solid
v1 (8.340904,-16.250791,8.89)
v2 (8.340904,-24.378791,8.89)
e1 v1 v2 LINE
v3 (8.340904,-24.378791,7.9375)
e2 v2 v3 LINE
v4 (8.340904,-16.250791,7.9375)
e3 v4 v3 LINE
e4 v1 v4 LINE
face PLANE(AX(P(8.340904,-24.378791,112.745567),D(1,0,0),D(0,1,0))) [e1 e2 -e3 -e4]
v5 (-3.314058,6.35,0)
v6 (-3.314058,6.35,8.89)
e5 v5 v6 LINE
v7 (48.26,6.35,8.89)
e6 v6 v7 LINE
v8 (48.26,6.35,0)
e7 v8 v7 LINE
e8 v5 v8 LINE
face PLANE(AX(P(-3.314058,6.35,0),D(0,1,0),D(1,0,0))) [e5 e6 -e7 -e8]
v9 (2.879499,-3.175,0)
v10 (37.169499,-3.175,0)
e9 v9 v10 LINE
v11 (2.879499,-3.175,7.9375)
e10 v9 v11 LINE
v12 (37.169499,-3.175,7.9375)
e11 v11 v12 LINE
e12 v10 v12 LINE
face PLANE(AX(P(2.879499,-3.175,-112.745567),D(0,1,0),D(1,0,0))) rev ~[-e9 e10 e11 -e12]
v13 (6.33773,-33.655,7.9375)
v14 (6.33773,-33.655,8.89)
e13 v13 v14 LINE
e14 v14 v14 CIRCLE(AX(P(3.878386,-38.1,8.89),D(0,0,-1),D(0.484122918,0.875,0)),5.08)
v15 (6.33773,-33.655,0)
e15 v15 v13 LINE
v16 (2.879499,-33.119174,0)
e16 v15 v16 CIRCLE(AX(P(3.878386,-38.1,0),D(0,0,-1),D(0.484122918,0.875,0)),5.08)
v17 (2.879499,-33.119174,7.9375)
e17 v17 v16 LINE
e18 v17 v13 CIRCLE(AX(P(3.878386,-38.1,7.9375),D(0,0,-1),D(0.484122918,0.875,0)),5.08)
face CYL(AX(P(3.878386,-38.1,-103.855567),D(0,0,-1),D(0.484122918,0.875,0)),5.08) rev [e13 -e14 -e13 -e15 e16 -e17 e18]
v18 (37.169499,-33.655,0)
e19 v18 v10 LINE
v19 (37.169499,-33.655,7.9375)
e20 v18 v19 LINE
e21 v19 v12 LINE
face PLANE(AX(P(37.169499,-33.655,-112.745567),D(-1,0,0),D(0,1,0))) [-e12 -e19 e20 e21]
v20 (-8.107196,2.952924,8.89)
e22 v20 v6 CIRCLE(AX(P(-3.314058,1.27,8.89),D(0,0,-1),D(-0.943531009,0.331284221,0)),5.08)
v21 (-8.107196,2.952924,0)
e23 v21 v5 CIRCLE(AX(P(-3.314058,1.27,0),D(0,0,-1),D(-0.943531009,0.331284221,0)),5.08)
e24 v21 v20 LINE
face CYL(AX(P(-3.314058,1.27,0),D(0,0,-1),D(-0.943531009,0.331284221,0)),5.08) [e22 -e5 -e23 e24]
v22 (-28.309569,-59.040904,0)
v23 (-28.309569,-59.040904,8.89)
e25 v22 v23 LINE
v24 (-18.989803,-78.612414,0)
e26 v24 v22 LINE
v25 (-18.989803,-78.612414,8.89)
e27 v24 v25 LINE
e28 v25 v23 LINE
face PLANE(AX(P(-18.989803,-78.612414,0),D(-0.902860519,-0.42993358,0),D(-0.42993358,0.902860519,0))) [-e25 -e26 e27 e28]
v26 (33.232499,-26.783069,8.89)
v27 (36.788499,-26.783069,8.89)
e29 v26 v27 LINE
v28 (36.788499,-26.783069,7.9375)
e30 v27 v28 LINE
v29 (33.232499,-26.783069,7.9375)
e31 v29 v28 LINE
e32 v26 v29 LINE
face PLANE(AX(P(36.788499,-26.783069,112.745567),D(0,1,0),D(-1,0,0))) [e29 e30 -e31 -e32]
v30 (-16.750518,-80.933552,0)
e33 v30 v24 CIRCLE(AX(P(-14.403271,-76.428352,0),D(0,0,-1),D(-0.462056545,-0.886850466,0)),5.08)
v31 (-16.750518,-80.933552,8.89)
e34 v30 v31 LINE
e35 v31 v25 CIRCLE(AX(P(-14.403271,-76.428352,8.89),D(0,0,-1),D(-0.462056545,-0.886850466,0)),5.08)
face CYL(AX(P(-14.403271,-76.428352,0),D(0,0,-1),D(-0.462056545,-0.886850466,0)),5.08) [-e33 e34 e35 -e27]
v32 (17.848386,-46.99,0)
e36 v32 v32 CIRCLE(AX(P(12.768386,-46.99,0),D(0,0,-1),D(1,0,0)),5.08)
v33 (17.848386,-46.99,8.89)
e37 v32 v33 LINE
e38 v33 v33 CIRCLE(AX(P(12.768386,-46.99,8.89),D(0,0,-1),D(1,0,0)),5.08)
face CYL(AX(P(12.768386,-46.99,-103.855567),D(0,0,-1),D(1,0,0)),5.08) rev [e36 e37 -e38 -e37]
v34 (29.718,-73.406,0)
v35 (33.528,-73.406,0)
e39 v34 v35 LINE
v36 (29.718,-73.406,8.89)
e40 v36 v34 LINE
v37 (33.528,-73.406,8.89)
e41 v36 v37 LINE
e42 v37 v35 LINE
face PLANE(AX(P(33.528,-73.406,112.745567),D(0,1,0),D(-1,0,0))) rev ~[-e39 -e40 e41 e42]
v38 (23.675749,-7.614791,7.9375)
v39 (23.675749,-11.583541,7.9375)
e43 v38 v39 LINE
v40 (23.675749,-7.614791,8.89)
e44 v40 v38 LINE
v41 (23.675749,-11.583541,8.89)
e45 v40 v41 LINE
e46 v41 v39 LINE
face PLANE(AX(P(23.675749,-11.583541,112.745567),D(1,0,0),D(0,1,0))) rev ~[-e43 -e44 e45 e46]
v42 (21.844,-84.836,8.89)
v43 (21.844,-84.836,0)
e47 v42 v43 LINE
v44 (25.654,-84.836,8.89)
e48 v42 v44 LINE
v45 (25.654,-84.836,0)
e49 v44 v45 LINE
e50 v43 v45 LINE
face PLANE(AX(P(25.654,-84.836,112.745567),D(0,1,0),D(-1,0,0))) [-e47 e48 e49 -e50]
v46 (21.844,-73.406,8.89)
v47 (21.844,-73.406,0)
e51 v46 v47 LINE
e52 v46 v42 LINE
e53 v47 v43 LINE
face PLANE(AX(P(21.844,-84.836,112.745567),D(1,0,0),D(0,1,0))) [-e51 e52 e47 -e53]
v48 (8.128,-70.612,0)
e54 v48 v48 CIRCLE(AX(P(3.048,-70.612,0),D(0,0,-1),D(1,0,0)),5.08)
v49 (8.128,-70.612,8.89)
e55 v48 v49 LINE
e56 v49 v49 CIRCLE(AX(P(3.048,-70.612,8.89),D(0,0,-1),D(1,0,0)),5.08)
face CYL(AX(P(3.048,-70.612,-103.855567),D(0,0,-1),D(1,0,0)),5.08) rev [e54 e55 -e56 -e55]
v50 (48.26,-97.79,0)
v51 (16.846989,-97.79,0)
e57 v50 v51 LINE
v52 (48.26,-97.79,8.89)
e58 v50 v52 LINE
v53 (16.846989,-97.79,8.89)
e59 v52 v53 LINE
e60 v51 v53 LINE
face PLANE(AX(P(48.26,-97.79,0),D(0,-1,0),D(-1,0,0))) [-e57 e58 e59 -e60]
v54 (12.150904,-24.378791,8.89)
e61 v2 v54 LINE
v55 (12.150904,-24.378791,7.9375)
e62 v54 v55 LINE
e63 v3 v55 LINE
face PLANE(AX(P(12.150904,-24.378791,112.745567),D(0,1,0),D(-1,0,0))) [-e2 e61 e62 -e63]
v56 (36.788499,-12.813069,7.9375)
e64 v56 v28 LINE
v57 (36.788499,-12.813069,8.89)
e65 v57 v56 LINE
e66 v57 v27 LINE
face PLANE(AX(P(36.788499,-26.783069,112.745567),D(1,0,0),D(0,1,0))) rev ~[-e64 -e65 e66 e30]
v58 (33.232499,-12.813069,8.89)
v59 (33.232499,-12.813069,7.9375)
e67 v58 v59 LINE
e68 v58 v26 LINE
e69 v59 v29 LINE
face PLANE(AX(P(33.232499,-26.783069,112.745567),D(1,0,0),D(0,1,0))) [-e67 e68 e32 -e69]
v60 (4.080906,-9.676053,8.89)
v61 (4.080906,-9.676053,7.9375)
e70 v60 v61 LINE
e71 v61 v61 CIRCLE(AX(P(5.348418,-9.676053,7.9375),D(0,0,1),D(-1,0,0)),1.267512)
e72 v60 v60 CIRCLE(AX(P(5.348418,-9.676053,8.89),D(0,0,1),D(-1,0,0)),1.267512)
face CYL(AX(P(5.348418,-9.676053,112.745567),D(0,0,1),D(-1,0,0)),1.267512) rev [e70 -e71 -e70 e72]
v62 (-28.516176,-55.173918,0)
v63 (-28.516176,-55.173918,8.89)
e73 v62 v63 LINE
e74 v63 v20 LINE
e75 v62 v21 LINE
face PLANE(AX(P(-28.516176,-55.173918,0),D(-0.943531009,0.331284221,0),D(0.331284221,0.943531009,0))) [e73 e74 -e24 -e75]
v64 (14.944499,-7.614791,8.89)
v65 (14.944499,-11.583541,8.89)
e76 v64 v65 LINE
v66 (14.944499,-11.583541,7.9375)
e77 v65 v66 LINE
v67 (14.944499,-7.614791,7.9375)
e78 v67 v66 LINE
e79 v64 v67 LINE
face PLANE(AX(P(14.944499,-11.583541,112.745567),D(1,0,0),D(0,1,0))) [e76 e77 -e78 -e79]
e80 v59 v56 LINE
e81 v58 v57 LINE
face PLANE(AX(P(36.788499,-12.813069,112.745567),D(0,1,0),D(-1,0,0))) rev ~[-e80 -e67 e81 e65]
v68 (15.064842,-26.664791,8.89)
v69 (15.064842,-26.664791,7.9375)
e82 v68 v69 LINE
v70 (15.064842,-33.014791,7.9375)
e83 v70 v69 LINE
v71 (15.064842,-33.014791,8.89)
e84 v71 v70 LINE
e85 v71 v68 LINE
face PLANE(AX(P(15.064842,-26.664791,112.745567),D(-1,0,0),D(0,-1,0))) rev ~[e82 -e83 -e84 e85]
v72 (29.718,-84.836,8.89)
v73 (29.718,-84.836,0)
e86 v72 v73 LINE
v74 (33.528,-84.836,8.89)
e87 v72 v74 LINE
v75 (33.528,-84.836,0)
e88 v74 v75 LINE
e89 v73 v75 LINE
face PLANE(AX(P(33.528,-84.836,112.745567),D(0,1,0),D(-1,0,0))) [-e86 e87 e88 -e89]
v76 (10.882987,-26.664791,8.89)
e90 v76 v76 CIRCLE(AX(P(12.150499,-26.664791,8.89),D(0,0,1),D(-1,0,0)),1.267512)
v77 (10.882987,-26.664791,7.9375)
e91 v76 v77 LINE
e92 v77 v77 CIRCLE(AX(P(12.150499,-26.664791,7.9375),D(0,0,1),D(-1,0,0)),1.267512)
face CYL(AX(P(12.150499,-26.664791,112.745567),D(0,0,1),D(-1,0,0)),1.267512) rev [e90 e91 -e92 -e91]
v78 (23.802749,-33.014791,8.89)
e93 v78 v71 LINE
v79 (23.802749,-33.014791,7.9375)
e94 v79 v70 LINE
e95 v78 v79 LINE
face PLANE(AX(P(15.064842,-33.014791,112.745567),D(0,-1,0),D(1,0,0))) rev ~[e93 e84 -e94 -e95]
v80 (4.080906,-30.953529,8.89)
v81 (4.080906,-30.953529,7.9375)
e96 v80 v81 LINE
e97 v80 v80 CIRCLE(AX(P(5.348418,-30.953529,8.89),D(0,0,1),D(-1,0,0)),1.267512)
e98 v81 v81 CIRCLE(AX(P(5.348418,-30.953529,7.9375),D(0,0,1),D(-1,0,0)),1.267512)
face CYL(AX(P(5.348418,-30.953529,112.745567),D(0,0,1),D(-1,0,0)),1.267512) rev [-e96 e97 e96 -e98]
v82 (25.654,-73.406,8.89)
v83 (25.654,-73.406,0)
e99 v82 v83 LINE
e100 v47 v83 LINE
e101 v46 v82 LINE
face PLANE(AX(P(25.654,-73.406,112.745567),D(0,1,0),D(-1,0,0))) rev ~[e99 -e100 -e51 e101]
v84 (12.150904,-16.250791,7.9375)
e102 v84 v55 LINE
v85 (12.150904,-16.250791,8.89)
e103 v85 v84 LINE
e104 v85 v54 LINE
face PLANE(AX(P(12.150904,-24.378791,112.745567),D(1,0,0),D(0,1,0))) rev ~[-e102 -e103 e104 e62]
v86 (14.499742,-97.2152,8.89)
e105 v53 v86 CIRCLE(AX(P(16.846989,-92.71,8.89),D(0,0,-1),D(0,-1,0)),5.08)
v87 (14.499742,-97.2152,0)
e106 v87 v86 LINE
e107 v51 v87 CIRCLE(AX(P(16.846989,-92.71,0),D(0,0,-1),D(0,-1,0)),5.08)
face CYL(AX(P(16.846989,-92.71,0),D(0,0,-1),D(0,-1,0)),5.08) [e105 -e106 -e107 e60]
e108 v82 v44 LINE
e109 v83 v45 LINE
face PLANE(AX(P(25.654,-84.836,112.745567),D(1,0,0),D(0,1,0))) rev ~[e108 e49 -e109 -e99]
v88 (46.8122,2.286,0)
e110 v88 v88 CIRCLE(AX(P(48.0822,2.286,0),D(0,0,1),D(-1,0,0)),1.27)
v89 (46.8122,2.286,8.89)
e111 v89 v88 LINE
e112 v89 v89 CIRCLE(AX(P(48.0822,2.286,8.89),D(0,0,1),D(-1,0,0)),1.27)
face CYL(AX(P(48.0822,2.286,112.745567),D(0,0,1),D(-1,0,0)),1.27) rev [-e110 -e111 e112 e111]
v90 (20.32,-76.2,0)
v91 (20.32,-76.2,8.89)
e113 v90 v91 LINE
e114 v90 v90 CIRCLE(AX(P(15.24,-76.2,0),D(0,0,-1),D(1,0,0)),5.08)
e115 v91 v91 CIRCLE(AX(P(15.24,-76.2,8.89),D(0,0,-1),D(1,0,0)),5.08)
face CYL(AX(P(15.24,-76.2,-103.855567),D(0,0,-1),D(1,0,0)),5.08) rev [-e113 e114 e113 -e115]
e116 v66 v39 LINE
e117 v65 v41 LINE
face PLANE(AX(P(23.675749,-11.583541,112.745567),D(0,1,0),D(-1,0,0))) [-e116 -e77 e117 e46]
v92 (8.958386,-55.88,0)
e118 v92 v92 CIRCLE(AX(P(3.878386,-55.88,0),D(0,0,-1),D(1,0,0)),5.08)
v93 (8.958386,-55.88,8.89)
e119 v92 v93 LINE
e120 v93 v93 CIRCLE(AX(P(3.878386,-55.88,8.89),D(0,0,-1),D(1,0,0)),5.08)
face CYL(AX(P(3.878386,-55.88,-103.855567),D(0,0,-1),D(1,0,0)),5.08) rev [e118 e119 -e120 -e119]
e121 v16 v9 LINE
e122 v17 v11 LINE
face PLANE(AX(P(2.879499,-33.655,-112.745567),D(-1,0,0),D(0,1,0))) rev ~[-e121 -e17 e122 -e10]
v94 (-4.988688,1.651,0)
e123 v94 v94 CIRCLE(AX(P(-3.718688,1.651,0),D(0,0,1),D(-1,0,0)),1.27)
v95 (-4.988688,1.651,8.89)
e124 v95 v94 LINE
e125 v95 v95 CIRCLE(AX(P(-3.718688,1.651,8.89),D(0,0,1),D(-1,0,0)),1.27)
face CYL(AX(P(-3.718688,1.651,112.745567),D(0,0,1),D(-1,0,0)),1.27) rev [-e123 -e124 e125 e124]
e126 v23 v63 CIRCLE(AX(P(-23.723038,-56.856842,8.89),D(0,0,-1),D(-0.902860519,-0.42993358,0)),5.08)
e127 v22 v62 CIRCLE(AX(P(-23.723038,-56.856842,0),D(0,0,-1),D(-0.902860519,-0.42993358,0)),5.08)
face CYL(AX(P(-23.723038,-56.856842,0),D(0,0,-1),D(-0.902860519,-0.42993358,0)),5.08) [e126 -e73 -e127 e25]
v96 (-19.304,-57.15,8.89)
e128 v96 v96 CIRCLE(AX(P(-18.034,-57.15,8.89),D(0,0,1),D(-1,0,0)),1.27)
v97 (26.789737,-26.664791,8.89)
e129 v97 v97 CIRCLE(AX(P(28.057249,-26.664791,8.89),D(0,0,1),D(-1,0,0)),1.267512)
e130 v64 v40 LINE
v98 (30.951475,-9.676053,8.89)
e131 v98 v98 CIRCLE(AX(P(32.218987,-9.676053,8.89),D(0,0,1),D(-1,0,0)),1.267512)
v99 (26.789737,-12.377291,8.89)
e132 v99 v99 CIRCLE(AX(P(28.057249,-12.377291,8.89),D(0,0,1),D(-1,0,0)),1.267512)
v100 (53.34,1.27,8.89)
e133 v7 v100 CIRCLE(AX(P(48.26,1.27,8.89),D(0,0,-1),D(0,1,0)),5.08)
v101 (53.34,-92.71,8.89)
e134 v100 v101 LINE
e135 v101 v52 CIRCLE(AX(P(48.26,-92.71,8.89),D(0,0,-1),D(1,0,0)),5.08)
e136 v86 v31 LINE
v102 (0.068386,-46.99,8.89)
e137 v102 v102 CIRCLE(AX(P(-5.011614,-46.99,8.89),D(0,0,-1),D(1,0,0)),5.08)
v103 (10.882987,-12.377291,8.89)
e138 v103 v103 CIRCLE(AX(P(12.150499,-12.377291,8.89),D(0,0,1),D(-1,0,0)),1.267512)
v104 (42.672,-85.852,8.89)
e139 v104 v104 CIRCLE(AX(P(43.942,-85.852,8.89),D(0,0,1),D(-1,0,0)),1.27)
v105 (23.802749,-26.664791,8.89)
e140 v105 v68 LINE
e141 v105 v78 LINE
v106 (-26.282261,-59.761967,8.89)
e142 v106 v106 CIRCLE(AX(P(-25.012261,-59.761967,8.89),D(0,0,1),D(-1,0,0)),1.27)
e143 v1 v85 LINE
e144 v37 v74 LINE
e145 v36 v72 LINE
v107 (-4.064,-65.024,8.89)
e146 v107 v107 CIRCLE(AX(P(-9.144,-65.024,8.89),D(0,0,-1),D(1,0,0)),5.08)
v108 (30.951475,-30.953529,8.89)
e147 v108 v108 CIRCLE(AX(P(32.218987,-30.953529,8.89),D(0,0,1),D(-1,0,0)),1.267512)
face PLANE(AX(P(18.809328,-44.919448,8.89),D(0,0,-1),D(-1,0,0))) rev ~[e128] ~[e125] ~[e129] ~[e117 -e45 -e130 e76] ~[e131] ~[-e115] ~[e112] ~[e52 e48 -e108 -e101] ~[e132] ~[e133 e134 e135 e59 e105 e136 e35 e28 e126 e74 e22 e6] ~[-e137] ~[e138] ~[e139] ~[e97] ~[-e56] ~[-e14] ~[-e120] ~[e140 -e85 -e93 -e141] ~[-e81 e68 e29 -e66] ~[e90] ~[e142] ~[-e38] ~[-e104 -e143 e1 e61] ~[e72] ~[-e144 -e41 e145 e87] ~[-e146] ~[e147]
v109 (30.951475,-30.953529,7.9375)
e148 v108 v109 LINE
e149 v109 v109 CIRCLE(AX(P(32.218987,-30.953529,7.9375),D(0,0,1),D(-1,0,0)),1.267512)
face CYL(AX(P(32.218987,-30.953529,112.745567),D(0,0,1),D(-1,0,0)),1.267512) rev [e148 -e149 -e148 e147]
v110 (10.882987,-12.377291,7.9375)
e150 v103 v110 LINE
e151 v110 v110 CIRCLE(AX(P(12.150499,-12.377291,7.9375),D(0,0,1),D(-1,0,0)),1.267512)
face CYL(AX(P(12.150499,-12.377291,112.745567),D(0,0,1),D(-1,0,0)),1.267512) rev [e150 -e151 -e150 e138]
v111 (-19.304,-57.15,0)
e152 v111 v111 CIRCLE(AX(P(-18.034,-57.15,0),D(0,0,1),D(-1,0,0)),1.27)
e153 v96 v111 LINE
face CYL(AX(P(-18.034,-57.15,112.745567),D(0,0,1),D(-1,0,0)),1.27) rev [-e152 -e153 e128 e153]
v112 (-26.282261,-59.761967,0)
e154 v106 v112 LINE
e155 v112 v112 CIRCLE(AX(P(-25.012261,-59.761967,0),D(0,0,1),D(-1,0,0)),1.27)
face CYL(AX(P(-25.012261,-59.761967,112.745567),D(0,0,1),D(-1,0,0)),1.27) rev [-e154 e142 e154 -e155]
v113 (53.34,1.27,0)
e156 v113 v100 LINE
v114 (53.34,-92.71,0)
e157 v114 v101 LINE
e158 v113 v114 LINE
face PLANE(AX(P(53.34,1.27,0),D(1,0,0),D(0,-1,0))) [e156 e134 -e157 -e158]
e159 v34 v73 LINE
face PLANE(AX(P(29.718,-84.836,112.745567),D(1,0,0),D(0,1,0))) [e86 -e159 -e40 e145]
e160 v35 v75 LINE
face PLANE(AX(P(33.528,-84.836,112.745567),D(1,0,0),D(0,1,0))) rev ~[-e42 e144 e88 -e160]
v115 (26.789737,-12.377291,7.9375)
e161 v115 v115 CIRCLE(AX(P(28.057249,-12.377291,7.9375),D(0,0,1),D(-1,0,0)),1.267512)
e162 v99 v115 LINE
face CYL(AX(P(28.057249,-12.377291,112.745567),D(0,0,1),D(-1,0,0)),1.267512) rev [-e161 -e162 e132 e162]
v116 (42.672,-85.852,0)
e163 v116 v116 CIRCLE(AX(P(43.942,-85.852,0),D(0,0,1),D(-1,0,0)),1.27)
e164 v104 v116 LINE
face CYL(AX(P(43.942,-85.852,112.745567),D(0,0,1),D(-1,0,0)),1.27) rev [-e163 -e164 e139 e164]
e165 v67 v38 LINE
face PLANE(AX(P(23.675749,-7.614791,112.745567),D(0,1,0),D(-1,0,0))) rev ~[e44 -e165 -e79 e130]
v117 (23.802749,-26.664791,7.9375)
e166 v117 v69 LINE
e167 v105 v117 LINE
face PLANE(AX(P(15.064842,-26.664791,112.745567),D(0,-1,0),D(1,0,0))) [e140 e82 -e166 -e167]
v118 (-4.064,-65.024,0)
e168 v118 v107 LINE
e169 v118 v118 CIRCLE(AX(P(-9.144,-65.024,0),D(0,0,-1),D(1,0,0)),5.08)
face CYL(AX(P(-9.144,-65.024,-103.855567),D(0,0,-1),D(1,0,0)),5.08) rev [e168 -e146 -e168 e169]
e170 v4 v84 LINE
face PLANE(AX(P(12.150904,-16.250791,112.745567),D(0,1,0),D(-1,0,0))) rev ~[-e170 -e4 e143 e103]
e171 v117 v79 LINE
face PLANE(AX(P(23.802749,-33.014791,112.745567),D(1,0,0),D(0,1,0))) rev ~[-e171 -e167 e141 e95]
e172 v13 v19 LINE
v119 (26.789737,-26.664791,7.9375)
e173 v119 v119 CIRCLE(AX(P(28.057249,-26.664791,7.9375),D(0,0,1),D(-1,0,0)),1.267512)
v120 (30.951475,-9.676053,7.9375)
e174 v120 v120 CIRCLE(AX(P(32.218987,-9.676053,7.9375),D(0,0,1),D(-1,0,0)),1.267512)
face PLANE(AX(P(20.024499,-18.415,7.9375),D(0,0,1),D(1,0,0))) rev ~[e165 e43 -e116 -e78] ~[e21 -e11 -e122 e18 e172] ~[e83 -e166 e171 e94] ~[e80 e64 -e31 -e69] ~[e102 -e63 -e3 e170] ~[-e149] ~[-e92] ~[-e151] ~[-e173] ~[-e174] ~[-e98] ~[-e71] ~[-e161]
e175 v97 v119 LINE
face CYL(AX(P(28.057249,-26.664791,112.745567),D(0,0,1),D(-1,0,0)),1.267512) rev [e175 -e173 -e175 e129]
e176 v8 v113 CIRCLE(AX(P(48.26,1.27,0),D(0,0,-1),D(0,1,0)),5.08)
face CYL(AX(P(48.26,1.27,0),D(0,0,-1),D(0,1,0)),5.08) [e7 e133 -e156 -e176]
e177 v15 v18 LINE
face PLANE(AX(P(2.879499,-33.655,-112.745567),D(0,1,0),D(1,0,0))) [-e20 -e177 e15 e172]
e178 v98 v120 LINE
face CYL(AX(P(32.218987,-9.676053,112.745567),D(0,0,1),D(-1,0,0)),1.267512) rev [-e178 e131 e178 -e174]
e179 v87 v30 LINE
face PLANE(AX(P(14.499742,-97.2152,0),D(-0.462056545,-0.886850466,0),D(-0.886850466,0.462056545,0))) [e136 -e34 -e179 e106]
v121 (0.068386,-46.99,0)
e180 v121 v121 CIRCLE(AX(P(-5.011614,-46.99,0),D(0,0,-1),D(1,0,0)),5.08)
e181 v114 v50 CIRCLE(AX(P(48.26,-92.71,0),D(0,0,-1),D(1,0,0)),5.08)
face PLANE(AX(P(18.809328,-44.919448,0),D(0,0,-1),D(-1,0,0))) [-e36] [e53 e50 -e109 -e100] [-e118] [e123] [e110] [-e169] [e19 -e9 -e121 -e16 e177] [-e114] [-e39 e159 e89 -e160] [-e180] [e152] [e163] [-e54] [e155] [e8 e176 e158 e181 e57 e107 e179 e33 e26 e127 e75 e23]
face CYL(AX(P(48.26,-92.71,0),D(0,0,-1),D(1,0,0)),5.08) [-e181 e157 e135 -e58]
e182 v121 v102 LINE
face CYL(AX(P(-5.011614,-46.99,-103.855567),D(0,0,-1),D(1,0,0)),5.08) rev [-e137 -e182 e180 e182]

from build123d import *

# Parameters (mm, degrees)
BOSS_EXTRUDE1_DEPTH      = 8.89
CUT_EXTRUDE6_DEPTH       = 112.74556725
CUT_EXTRUDE6_DEPTH_BACK  = 112.74556725
SKETCH9_R                = 1.267511842
SKETCH9_W                = 3.81
SKETCH9_H                = 8.128
SKETCH9_W_2              = 3.556
SKETCH9_H_2              = 13.97
SKETCH9_W_3              = 8.73125
SKETCH9_H_3              = 3.96875
CUT_EXTRUDE7_DEPTH       = 7.9375
CUT_EXTRUDE7_DEPTH_BACK  = 112.74556725
SKETCH4_W                = 34.29
SKETCH4_H                = 30.48
CUT_EXTRUDE8_DEPTH       = 112.74556725
CUT_EXTRUDE8_DEPTH_BACK  = 112.74556725
SKETCH3_R                = 5.08
CUT_EXTRUDE9_DEPTH       = 112.74556725
CUT_EXTRUDE9_DEPTH_BACK  = 112.74556725
SKETCH12_R               = 1.27
CUT_EXTRUDE10_DEPTH      = 112.74556725
CUT_EXTRUDE10_DEPTH_BACK = 112.74556725
SKETCH15_R               = 1.27
CUT_EXTRUDE11_DEPTH      = 112.74556725
CUT_EXTRUDE11_DEPTH_BACK = 112.74556725
SKETCH16_W               = 3.81
SKETCH16_H               = 11.43


with BuildPart() as part:
    # Sketch1 → Boss-Extrude1 (new body)
    with BuildSketch(Plane.XY):
        with BuildLine():
            Line((-3.314058103, 6.35), (48.26, 6.35))
            ThreePointArc((48.26, 6.35), (51.852102448, 4.862102448), (53.34, 1.27))
            Line((53.34, 1.27), (53.34, -92.71))
            ThreePointArc((53.34, -92.71), (51.852102448, -96.302102448), (48.26, -97.79))
            Line((48.26, -97.79), (16.846989059, -97.79))
            ThreePointArc((16.846989059, -97.79), (15.638688158, -97.644208035), (14.499741809, -97.215200367))
            Line((14.499741809, -97.215200367), (-16.7505185, -80.933552139))
            ThreePointArc((-16.7505185, -80.933552139), (-18.059258376, -79.955412607), (-18.989802686, -78.61241436))
            Line((-18.989802686, -78.61241436), (-28.309569459, -59.040904135))
            ThreePointArc((-28.309569459, -59.040904135), (-28.795802898, -57.127870198), (-28.51617555, -55.173917704))
            Line((-28.51617555, -55.173917704), (-8.107195629, 2.952923842))
            ThreePointArc((-8.107195629, 2.952923842), (-6.251501454, 5.414614163), (-3.314058103, 6.35))
        make_face()
    extrude(amount=BOSS_EXTRUDE1_DEPTH)

    # Sketch9 → Cut-Extrude6 (cut, two sides: drawn at the far end of the back side and taken through both)
    with BuildSketch(Plane(origin=(0, 0, 0), x_dir=(-1, 0, 0), z_dir=(0, 0, -1)).offset(-CUT_EXTRUDE6_DEPTH_BACK)):
        with Locations((-5.348417946, -30.953529248)):
            Circle(SKETCH9_R)
        with Locations((-32.218986844, -9.676052932)):
            Circle(SKETCH9_R)
        with Locations((-12.150498686, -12.37729109)):
            Circle(SKETCH9_R)
        with Locations((-12.150498686, -26.66479109)):
            Circle(SKETCH9_R)
        with Locations((-28.057248686, -12.37729109)):
            Circle(SKETCH9_R)
        with Locations((-5.348417946, -9.676052932)):
            Circle(SKETCH9_R)
        with Locations((-32.218986844, -30.953529248)):
            Circle(SKETCH9_R)
        with Locations((-28.057248686, -26.66479109)):
            Circle(SKETCH9_R)
        with Locations((-10.245904396, -20.31479109)):
            Rectangle(SKETCH9_W, SKETCH9_H)
        Polygon((-15.064842187, -33.01479109), (-23.802748686, -33.01479109), (-23.802748686, -26.66479109), (-20.913498686, -26.66479109), (-15.064842187, -26.66479109), align=None)
        with Locations((-35.010498686, -19.798068783)):
            Rectangle(SKETCH9_W_2, SKETCH9_H_2)
        with Locations((-19.310123686, -9.59916609)):
            Rectangle(SKETCH9_W_3, SKETCH9_H_3)
    extrude(amount=CUT_EXTRUDE6_DEPTH + CUT_EXTRUDE6_DEPTH_BACK, mode=Mode.SUBTRACT)

    # Sketch4 → Cut-Extrude7 (cut, two sides: drawn at the far end of the back side and taken through both)
    with BuildSketch(Plane.XY.offset(-CUT_EXTRUDE7_DEPTH_BACK)):
        with Locations((20.024498686, -18.415)):
            Rectangle(SKETCH4_W, SKETCH4_H)
    extrude(amount=CUT_EXTRUDE7_DEPTH + CUT_EXTRUDE7_DEPTH_BACK, mode=Mode.SUBTRACT)

    # Sketch3 → Cut-Extrude8 (cut, two sides: drawn at the far end of the back side and taken through both)
    with BuildSketch(Plane.XY.offset(8.89).offset(-CUT_EXTRUDE8_DEPTH_BACK)):
        with Locations(Location((3.878385852, -38.1, 0), (0, 0, 61.044975628))):
            Circle(SKETCH3_R)
        with Locations((-5.011614148, -46.99)):
            Circle(SKETCH3_R)
        with Locations((3.878385852, -55.88)):
            Circle(SKETCH3_R)
        with Locations((12.768385852, -46.99)):
            Circle(SKETCH3_R)
        with Locations((-9.144, -65.024)):
            Circle(SKETCH3_R)
        with Locations((3.048, -70.612)):
            Circle(SKETCH3_R)
        with Locations((15.24, -76.2)):
            Circle(SKETCH3_R)
    extrude(amount=CUT_EXTRUDE8_DEPTH + CUT_EXTRUDE8_DEPTH_BACK, mode=Mode.SUBTRACT)

    # Sketch12 → Cut-Extrude9 (cut, two sides: drawn at the far end of the back side and taken through both)
    with BuildSketch(Plane(origin=(0, 0, 0), x_dir=(-1, 0, 0), z_dir=(0, 0, -1)).offset(-CUT_EXTRUDE9_DEPTH_BACK)):
        with Locations((-48.0822, 2.286)):
            Circle(SKETCH12_R)
        with Locations((3.718687848, 1.651)):
            Circle(SKETCH12_R)
        with Locations((25.012261453, -59.761967182)):
            Circle(SKETCH12_R)
    extrude(amount=CUT_EXTRUDE9_DEPTH + CUT_EXTRUDE9_DEPTH_BACK, mode=Mode.SUBTRACT)

    # Sketch15 → Cut-Extrude10 (cut, two sides: drawn at the far end of the back side and taken through both)
    with BuildSketch(Plane(origin=(0, 0, 0), x_dir=(-1, 0, 0), z_dir=(0, 0, -1)).offset(-CUT_EXTRUDE10_DEPTH_BACK)):
        with Locations((18.034, -57.15)):
            Circle(SKETCH15_R)
        with Locations((-43.942, -85.852)):
            Circle(SKETCH15_R)
    extrude(amount=CUT_EXTRUDE10_DEPTH + CUT_EXTRUDE10_DEPTH_BACK, mode=Mode.SUBTRACT)

    # Sketch16 → Cut-Extrude11 (cut, two sides: drawn at the far end of the back side and taken through both)
    with BuildSketch(Plane(origin=(0, 0, 0), x_dir=(-1, 0, 0), z_dir=(0, 0, -1)).offset(-CUT_EXTRUDE11_DEPTH_BACK)):
        with Locations((-23.749, -79.121)):
            Rectangle(SKETCH16_W, SKETCH16_H)
        with Locations((-31.623, -79.121)):
            Rectangle(SKETCH16_W, SKETCH16_H)
    extrude(amount=CUT_EXTRUDE11_DEPTH + CUT_EXTRUDE11_DEPTH_BACK, mode=Mode.SUBTRACT)


solid = part.part
